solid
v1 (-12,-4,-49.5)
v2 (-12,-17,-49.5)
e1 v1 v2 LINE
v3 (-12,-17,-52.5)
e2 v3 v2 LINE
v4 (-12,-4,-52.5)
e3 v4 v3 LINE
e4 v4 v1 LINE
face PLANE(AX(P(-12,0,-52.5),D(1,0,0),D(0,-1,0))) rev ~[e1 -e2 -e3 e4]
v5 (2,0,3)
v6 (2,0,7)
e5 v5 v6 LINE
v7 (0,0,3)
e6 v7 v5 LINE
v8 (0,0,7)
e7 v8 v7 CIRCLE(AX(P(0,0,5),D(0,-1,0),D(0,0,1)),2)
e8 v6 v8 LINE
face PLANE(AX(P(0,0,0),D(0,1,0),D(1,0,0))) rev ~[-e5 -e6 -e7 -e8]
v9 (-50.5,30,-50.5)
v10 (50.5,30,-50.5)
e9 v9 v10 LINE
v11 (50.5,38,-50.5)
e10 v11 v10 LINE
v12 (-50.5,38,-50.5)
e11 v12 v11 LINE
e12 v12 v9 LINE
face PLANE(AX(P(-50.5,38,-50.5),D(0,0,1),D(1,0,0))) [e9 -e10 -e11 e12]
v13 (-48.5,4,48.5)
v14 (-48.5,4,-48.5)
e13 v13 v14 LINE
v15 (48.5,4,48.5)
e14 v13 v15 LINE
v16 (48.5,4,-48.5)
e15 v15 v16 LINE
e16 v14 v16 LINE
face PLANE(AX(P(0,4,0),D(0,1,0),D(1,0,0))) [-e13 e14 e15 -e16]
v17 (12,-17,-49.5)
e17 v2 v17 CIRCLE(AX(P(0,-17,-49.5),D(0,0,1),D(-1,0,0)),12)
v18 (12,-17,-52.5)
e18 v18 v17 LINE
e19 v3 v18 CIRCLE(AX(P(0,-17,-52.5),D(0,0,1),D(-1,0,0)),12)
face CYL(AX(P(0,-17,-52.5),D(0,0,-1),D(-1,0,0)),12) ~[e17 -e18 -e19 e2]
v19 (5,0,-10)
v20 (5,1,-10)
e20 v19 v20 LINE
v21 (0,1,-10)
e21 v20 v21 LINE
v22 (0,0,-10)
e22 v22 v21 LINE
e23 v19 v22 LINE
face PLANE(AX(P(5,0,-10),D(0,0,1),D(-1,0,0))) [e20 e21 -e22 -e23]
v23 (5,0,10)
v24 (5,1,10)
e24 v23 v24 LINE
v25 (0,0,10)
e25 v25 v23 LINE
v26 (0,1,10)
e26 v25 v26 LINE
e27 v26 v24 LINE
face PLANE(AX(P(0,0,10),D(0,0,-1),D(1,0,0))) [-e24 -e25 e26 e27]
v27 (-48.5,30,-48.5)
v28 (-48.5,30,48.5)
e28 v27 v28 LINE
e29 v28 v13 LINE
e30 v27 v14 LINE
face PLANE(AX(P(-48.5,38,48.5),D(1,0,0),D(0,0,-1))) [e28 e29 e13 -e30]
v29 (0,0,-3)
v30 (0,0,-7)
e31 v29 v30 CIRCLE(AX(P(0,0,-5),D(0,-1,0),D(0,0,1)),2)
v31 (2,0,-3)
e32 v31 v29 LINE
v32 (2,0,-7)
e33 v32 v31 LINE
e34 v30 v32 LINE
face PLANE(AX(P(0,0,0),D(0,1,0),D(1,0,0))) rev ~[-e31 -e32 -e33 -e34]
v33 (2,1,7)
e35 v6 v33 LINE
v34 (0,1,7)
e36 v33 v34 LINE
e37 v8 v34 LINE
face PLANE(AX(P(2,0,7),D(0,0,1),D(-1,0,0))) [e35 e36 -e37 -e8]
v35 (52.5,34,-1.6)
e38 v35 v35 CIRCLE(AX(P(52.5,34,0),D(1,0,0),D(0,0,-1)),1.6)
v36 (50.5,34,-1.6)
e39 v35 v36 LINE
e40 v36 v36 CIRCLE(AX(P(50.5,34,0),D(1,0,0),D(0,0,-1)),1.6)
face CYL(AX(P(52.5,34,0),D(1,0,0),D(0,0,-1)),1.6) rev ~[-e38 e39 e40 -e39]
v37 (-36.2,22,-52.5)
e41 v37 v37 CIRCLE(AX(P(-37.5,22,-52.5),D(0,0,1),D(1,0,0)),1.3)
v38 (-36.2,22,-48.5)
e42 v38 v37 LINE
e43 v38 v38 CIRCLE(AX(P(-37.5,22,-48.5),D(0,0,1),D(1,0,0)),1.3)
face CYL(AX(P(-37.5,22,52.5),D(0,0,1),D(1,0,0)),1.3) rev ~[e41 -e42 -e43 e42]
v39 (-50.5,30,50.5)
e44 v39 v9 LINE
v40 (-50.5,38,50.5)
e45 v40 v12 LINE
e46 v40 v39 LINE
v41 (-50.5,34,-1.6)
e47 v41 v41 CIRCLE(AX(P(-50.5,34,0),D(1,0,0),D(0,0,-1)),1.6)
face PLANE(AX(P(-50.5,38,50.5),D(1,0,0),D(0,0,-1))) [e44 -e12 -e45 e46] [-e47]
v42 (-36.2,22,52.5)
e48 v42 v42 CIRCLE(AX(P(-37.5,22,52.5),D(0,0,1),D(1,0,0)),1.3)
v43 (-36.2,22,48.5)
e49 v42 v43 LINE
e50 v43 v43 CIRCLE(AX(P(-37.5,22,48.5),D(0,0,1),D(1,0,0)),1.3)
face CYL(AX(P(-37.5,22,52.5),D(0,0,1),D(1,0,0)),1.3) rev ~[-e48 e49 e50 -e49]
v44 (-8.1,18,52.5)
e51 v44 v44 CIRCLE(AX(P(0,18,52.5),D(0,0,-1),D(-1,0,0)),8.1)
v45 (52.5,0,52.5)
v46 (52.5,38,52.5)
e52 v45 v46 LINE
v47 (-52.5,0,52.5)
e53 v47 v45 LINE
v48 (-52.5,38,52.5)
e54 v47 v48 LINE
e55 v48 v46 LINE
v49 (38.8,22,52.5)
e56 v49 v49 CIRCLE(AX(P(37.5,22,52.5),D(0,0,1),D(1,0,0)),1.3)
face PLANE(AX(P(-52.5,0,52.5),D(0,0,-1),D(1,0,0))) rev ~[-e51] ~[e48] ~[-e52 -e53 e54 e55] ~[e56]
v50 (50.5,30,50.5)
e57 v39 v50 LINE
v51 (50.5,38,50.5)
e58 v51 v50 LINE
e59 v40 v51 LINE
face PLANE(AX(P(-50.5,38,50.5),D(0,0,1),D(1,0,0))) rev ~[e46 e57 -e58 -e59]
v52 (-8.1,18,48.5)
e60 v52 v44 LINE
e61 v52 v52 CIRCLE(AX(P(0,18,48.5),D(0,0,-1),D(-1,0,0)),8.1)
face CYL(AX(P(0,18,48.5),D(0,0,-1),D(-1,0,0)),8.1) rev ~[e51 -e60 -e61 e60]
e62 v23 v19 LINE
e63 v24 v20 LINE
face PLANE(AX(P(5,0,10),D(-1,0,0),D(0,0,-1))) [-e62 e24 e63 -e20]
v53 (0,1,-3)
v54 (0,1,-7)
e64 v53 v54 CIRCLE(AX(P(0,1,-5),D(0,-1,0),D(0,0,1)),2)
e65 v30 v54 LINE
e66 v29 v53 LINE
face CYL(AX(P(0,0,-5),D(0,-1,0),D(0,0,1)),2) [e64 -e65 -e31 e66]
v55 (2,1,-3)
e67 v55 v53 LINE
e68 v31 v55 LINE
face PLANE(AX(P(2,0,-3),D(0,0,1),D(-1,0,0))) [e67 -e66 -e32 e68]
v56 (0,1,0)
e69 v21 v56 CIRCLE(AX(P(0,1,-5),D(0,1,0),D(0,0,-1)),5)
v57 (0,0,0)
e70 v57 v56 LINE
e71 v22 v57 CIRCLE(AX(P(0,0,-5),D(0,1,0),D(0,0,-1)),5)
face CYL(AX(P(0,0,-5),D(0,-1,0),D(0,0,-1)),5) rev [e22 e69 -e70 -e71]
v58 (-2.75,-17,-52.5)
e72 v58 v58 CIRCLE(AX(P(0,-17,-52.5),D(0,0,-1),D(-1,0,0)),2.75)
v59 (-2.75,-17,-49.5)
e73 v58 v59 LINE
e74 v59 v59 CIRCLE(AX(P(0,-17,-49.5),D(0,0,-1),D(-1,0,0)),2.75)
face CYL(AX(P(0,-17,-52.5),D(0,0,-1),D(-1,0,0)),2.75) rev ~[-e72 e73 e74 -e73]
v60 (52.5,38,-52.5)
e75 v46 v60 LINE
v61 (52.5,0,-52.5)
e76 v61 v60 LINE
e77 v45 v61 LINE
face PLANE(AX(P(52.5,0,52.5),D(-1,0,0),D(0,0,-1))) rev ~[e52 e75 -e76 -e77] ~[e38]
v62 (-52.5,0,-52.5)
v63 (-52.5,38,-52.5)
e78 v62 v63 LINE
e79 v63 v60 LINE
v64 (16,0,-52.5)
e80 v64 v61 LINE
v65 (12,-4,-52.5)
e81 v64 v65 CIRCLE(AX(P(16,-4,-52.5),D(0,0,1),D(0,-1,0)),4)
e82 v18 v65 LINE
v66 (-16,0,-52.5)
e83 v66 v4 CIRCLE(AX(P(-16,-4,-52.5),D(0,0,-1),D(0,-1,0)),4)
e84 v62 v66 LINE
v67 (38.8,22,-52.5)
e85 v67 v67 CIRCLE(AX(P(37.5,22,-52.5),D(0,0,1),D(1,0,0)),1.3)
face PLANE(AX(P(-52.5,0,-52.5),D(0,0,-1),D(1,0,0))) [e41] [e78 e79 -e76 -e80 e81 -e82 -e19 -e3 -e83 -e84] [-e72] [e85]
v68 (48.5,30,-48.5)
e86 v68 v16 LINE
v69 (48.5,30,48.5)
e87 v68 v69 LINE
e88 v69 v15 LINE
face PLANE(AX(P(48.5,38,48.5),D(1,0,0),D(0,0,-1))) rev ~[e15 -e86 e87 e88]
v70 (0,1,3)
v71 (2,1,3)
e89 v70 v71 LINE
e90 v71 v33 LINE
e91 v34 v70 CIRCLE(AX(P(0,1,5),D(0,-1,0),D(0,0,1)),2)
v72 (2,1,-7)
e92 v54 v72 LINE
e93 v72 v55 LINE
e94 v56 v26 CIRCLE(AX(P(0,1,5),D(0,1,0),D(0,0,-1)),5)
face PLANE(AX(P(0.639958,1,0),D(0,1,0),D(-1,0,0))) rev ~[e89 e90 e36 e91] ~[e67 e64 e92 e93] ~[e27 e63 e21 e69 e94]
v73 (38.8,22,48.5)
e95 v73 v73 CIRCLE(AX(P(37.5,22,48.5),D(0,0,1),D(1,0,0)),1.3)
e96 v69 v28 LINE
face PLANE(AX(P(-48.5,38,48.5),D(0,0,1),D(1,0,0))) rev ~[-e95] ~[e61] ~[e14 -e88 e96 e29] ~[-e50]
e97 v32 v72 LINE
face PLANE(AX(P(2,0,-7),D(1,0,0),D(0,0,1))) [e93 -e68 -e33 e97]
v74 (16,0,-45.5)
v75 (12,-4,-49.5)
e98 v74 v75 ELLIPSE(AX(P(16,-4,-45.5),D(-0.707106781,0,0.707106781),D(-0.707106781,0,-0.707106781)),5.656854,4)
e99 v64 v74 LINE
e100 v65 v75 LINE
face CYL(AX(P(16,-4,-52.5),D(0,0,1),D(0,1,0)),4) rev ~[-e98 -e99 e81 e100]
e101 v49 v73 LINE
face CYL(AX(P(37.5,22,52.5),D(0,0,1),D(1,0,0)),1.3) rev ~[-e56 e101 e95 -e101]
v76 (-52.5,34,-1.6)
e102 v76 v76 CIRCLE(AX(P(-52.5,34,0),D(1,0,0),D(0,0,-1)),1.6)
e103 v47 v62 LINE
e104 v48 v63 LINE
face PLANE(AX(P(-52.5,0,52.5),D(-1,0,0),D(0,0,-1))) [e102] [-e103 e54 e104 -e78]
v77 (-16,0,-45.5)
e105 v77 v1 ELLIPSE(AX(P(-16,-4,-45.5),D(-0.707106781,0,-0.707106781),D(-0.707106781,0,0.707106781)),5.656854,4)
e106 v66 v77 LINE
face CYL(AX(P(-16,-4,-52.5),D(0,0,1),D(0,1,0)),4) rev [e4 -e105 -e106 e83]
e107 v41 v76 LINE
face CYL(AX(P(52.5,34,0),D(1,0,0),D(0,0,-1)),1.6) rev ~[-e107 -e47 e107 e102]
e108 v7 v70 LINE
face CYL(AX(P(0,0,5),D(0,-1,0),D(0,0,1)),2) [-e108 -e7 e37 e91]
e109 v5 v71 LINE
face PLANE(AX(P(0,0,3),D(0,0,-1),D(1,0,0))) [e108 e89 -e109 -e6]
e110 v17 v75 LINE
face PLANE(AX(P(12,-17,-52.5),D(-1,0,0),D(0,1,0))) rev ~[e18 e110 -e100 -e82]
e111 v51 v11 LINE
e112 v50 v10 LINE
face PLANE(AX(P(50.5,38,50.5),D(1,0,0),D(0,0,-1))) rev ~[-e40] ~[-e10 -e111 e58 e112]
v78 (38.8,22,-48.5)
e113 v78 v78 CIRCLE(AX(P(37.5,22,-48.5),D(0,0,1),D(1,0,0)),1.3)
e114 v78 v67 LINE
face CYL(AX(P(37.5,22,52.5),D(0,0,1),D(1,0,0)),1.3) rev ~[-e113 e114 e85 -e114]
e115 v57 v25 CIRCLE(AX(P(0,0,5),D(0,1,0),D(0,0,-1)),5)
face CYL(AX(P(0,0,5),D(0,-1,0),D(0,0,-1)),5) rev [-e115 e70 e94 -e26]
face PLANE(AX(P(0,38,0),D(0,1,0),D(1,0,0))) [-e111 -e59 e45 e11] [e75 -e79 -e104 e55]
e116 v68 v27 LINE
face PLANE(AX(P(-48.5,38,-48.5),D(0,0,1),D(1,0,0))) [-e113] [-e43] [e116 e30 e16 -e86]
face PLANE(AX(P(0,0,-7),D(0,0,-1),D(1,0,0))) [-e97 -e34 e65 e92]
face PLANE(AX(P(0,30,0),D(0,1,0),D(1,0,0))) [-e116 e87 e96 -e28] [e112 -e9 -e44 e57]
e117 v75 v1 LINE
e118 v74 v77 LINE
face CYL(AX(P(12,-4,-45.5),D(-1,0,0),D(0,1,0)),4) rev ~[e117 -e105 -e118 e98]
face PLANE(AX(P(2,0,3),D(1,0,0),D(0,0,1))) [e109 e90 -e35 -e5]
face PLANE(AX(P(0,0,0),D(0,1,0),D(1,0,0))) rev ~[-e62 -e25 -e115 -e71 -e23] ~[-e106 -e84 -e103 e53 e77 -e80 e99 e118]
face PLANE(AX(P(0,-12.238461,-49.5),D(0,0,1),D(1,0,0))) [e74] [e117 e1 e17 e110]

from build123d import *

# Parameters (mm, degrees)
SKETCH1_W           = 105
SKETCH1_H           = 105
BOSS_EXTRUDE1_DEPTH = 38
SKETCH2_W           = 97
SKETCH2_H           = 97
CUT_EXTRUDE1_DEPTH  = 34
SKETCH3_W           = 101
SKETCH3_H           = 101
CUT_EXTRUDE2_DEPTH  = 8
SKETCH5_R           = 1.6
CUT_EXTRUDE3_DEPTH  = 106
SKETCH6_R           = 2.75
BOSS_EXTRUDE2_DEPTH = 3
FILLET1_R           = 4
CUT_EXTRUDE4_REACH  = 6
SKETCH7_R           = 8.1
CUT_EXTRUDE5_DEPTH  = 1
SKETCH11_R          = 1.3
CUT_EXTRUDE6_DEPTH  = 106


with BuildPart() as part:
    # Sketch1 → Boss-Extrude1 (new body)
    with BuildSketch(Plane(origin=(0, 0, 0), x_dir=(1, 0, 0), z_dir=(0, 1, 0))):
        Rectangle(SKETCH1_W, SKETCH1_H)
    extrude(amount=BOSS_EXTRUDE1_DEPTH)

    # Sketch2 → Cut-Extrude1 (cut)
    with BuildSketch(Plane(origin=(0, 38, 0), x_dir=(1, 0, 0), z_dir=(0, 1, 0))):
        Rectangle(SKETCH2_W, SKETCH2_H)
    extrude(amount=-CUT_EXTRUDE1_DEPTH, mode=Mode.SUBTRACT)

    # Sketch3 → Cut-Extrude2 (cut)
    with BuildSketch(Plane(origin=(0, 38, 0), x_dir=(1, 0, 0), z_dir=(0, 1, 0))):
        Rectangle(SKETCH3_W, SKETCH3_H)
    extrude(amount=-CUT_EXTRUDE2_DEPTH, mode=Mode.SUBTRACT)

    # Sketch5 → Cut-Extrude3 (cut, through all)
    with BuildSketch(Plane(origin=(52.5, 0, 0), x_dir=(0, 0, -1), z_dir=(1, 0, 0))):
        with Locations((0, 34)):
            Circle(SKETCH5_R)
    extrude(amount=-CUT_EXTRUDE3_DEPTH, mode=Mode.SUBTRACT)

    # Sketch6 → Boss-Extrude2 (add)
    with BuildSketch(Plane(origin=(0, 0, -52.5), x_dir=(-1, 0, 0), z_dir=(0, 0, -1))):
        with BuildLine():
            Line((-12, 0), (12, 0))
            Line((12, 0), (12, -5))
            Line((12, -5), (12, -17))
            ThreePointArc((12, -17), (0, -29), (-12, -17))
            Line((-12, -17), (-12, -5))
            Line((-12, -5), (-12, 0))
        make_face()
        with Locations((0, -17)):
            Circle(SKETCH6_R, mode=Mode.SUBTRACT)
    extrude(amount=-BOSS_EXTRUDE2_DEPTH)

    # Fillet1
    fillet1_edges = [part.edges().sort_by_distance(p)[0] for p in [
        (0, 0, -49.5),
        (12, 0, -51),
        (-12, 0, -51),
    ]]
    fillet(fillet1_edges, radius=FILLET1_R)

    # Sketch7 → Cut-Extrude4 (cut, up to next)
    with BuildSketch(Plane(origin=(0, 0, 48.5), x_dir=(-1, 0, 0), z_dir=(0, 0, -1)), mode=Mode.PRIVATE) as cut_extrude4_sk1:
        with Locations((0, 18)):
            Circle(SKETCH7_R)
    cut_extrude4_tool1 = extrude(cut_extrude4_sk1.sketch, amount=-CUT_EXTRUDE4_REACH, mode=Mode.PRIVATE) & part.part
    add(cut_extrude4_tool1.solids().sort_by_distance((0, 18, 48.5))[0], mode=Mode.SUBTRACT)

    # Sketch10 → Cut-Extrude5 (cut)
    with BuildSketch(Plane.XZ):
        with BuildLine():
            Line((5, -10), (0, -10))
            ThreePointArc((0, -10), (-5, -5), (0, 0))
            ThreePointArc((0, 0), (-5, 5), (0, 10))
            Line((0, 10), (5, 10))
            Line((5, 10), (5, -10))
        make_face()
        with BuildLine():
            Line((0, -7), (2, -7))
            Line((2, -7), (2, -3))
            Line((2, -3), (0, -3))
            ThreePointArc((0, -3), (-2, -5), (0, -7))
        make_face(mode=Mode.SUBTRACT)
        with BuildLine():
            Line((0, 3), (2, 3))
            Line((2, 3), (2, 7))
            Line((2, 7), (0, 7))
            ThreePointArc((0, 7), (-2, 5), (0, 3))
        make_face(mode=Mode.SUBTRACT)
    extrude(amount=-CUT_EXTRUDE5_DEPTH, mode=Mode.SUBTRACT)

    # Sketch11 → Cut-Extrude6 (cut, through all)
    with BuildSketch(Plane.XY.offset(52.5)):
        with Locations((-37.5, 22)):
            Circle(SKETCH11_R)
        with Locations((37.5, 22)):
            Circle(SKETCH11_R)
    extrude(amount=-CUT_EXTRUDE6_DEPTH, mode=Mode.SUBTRACT)


solid = part.part
